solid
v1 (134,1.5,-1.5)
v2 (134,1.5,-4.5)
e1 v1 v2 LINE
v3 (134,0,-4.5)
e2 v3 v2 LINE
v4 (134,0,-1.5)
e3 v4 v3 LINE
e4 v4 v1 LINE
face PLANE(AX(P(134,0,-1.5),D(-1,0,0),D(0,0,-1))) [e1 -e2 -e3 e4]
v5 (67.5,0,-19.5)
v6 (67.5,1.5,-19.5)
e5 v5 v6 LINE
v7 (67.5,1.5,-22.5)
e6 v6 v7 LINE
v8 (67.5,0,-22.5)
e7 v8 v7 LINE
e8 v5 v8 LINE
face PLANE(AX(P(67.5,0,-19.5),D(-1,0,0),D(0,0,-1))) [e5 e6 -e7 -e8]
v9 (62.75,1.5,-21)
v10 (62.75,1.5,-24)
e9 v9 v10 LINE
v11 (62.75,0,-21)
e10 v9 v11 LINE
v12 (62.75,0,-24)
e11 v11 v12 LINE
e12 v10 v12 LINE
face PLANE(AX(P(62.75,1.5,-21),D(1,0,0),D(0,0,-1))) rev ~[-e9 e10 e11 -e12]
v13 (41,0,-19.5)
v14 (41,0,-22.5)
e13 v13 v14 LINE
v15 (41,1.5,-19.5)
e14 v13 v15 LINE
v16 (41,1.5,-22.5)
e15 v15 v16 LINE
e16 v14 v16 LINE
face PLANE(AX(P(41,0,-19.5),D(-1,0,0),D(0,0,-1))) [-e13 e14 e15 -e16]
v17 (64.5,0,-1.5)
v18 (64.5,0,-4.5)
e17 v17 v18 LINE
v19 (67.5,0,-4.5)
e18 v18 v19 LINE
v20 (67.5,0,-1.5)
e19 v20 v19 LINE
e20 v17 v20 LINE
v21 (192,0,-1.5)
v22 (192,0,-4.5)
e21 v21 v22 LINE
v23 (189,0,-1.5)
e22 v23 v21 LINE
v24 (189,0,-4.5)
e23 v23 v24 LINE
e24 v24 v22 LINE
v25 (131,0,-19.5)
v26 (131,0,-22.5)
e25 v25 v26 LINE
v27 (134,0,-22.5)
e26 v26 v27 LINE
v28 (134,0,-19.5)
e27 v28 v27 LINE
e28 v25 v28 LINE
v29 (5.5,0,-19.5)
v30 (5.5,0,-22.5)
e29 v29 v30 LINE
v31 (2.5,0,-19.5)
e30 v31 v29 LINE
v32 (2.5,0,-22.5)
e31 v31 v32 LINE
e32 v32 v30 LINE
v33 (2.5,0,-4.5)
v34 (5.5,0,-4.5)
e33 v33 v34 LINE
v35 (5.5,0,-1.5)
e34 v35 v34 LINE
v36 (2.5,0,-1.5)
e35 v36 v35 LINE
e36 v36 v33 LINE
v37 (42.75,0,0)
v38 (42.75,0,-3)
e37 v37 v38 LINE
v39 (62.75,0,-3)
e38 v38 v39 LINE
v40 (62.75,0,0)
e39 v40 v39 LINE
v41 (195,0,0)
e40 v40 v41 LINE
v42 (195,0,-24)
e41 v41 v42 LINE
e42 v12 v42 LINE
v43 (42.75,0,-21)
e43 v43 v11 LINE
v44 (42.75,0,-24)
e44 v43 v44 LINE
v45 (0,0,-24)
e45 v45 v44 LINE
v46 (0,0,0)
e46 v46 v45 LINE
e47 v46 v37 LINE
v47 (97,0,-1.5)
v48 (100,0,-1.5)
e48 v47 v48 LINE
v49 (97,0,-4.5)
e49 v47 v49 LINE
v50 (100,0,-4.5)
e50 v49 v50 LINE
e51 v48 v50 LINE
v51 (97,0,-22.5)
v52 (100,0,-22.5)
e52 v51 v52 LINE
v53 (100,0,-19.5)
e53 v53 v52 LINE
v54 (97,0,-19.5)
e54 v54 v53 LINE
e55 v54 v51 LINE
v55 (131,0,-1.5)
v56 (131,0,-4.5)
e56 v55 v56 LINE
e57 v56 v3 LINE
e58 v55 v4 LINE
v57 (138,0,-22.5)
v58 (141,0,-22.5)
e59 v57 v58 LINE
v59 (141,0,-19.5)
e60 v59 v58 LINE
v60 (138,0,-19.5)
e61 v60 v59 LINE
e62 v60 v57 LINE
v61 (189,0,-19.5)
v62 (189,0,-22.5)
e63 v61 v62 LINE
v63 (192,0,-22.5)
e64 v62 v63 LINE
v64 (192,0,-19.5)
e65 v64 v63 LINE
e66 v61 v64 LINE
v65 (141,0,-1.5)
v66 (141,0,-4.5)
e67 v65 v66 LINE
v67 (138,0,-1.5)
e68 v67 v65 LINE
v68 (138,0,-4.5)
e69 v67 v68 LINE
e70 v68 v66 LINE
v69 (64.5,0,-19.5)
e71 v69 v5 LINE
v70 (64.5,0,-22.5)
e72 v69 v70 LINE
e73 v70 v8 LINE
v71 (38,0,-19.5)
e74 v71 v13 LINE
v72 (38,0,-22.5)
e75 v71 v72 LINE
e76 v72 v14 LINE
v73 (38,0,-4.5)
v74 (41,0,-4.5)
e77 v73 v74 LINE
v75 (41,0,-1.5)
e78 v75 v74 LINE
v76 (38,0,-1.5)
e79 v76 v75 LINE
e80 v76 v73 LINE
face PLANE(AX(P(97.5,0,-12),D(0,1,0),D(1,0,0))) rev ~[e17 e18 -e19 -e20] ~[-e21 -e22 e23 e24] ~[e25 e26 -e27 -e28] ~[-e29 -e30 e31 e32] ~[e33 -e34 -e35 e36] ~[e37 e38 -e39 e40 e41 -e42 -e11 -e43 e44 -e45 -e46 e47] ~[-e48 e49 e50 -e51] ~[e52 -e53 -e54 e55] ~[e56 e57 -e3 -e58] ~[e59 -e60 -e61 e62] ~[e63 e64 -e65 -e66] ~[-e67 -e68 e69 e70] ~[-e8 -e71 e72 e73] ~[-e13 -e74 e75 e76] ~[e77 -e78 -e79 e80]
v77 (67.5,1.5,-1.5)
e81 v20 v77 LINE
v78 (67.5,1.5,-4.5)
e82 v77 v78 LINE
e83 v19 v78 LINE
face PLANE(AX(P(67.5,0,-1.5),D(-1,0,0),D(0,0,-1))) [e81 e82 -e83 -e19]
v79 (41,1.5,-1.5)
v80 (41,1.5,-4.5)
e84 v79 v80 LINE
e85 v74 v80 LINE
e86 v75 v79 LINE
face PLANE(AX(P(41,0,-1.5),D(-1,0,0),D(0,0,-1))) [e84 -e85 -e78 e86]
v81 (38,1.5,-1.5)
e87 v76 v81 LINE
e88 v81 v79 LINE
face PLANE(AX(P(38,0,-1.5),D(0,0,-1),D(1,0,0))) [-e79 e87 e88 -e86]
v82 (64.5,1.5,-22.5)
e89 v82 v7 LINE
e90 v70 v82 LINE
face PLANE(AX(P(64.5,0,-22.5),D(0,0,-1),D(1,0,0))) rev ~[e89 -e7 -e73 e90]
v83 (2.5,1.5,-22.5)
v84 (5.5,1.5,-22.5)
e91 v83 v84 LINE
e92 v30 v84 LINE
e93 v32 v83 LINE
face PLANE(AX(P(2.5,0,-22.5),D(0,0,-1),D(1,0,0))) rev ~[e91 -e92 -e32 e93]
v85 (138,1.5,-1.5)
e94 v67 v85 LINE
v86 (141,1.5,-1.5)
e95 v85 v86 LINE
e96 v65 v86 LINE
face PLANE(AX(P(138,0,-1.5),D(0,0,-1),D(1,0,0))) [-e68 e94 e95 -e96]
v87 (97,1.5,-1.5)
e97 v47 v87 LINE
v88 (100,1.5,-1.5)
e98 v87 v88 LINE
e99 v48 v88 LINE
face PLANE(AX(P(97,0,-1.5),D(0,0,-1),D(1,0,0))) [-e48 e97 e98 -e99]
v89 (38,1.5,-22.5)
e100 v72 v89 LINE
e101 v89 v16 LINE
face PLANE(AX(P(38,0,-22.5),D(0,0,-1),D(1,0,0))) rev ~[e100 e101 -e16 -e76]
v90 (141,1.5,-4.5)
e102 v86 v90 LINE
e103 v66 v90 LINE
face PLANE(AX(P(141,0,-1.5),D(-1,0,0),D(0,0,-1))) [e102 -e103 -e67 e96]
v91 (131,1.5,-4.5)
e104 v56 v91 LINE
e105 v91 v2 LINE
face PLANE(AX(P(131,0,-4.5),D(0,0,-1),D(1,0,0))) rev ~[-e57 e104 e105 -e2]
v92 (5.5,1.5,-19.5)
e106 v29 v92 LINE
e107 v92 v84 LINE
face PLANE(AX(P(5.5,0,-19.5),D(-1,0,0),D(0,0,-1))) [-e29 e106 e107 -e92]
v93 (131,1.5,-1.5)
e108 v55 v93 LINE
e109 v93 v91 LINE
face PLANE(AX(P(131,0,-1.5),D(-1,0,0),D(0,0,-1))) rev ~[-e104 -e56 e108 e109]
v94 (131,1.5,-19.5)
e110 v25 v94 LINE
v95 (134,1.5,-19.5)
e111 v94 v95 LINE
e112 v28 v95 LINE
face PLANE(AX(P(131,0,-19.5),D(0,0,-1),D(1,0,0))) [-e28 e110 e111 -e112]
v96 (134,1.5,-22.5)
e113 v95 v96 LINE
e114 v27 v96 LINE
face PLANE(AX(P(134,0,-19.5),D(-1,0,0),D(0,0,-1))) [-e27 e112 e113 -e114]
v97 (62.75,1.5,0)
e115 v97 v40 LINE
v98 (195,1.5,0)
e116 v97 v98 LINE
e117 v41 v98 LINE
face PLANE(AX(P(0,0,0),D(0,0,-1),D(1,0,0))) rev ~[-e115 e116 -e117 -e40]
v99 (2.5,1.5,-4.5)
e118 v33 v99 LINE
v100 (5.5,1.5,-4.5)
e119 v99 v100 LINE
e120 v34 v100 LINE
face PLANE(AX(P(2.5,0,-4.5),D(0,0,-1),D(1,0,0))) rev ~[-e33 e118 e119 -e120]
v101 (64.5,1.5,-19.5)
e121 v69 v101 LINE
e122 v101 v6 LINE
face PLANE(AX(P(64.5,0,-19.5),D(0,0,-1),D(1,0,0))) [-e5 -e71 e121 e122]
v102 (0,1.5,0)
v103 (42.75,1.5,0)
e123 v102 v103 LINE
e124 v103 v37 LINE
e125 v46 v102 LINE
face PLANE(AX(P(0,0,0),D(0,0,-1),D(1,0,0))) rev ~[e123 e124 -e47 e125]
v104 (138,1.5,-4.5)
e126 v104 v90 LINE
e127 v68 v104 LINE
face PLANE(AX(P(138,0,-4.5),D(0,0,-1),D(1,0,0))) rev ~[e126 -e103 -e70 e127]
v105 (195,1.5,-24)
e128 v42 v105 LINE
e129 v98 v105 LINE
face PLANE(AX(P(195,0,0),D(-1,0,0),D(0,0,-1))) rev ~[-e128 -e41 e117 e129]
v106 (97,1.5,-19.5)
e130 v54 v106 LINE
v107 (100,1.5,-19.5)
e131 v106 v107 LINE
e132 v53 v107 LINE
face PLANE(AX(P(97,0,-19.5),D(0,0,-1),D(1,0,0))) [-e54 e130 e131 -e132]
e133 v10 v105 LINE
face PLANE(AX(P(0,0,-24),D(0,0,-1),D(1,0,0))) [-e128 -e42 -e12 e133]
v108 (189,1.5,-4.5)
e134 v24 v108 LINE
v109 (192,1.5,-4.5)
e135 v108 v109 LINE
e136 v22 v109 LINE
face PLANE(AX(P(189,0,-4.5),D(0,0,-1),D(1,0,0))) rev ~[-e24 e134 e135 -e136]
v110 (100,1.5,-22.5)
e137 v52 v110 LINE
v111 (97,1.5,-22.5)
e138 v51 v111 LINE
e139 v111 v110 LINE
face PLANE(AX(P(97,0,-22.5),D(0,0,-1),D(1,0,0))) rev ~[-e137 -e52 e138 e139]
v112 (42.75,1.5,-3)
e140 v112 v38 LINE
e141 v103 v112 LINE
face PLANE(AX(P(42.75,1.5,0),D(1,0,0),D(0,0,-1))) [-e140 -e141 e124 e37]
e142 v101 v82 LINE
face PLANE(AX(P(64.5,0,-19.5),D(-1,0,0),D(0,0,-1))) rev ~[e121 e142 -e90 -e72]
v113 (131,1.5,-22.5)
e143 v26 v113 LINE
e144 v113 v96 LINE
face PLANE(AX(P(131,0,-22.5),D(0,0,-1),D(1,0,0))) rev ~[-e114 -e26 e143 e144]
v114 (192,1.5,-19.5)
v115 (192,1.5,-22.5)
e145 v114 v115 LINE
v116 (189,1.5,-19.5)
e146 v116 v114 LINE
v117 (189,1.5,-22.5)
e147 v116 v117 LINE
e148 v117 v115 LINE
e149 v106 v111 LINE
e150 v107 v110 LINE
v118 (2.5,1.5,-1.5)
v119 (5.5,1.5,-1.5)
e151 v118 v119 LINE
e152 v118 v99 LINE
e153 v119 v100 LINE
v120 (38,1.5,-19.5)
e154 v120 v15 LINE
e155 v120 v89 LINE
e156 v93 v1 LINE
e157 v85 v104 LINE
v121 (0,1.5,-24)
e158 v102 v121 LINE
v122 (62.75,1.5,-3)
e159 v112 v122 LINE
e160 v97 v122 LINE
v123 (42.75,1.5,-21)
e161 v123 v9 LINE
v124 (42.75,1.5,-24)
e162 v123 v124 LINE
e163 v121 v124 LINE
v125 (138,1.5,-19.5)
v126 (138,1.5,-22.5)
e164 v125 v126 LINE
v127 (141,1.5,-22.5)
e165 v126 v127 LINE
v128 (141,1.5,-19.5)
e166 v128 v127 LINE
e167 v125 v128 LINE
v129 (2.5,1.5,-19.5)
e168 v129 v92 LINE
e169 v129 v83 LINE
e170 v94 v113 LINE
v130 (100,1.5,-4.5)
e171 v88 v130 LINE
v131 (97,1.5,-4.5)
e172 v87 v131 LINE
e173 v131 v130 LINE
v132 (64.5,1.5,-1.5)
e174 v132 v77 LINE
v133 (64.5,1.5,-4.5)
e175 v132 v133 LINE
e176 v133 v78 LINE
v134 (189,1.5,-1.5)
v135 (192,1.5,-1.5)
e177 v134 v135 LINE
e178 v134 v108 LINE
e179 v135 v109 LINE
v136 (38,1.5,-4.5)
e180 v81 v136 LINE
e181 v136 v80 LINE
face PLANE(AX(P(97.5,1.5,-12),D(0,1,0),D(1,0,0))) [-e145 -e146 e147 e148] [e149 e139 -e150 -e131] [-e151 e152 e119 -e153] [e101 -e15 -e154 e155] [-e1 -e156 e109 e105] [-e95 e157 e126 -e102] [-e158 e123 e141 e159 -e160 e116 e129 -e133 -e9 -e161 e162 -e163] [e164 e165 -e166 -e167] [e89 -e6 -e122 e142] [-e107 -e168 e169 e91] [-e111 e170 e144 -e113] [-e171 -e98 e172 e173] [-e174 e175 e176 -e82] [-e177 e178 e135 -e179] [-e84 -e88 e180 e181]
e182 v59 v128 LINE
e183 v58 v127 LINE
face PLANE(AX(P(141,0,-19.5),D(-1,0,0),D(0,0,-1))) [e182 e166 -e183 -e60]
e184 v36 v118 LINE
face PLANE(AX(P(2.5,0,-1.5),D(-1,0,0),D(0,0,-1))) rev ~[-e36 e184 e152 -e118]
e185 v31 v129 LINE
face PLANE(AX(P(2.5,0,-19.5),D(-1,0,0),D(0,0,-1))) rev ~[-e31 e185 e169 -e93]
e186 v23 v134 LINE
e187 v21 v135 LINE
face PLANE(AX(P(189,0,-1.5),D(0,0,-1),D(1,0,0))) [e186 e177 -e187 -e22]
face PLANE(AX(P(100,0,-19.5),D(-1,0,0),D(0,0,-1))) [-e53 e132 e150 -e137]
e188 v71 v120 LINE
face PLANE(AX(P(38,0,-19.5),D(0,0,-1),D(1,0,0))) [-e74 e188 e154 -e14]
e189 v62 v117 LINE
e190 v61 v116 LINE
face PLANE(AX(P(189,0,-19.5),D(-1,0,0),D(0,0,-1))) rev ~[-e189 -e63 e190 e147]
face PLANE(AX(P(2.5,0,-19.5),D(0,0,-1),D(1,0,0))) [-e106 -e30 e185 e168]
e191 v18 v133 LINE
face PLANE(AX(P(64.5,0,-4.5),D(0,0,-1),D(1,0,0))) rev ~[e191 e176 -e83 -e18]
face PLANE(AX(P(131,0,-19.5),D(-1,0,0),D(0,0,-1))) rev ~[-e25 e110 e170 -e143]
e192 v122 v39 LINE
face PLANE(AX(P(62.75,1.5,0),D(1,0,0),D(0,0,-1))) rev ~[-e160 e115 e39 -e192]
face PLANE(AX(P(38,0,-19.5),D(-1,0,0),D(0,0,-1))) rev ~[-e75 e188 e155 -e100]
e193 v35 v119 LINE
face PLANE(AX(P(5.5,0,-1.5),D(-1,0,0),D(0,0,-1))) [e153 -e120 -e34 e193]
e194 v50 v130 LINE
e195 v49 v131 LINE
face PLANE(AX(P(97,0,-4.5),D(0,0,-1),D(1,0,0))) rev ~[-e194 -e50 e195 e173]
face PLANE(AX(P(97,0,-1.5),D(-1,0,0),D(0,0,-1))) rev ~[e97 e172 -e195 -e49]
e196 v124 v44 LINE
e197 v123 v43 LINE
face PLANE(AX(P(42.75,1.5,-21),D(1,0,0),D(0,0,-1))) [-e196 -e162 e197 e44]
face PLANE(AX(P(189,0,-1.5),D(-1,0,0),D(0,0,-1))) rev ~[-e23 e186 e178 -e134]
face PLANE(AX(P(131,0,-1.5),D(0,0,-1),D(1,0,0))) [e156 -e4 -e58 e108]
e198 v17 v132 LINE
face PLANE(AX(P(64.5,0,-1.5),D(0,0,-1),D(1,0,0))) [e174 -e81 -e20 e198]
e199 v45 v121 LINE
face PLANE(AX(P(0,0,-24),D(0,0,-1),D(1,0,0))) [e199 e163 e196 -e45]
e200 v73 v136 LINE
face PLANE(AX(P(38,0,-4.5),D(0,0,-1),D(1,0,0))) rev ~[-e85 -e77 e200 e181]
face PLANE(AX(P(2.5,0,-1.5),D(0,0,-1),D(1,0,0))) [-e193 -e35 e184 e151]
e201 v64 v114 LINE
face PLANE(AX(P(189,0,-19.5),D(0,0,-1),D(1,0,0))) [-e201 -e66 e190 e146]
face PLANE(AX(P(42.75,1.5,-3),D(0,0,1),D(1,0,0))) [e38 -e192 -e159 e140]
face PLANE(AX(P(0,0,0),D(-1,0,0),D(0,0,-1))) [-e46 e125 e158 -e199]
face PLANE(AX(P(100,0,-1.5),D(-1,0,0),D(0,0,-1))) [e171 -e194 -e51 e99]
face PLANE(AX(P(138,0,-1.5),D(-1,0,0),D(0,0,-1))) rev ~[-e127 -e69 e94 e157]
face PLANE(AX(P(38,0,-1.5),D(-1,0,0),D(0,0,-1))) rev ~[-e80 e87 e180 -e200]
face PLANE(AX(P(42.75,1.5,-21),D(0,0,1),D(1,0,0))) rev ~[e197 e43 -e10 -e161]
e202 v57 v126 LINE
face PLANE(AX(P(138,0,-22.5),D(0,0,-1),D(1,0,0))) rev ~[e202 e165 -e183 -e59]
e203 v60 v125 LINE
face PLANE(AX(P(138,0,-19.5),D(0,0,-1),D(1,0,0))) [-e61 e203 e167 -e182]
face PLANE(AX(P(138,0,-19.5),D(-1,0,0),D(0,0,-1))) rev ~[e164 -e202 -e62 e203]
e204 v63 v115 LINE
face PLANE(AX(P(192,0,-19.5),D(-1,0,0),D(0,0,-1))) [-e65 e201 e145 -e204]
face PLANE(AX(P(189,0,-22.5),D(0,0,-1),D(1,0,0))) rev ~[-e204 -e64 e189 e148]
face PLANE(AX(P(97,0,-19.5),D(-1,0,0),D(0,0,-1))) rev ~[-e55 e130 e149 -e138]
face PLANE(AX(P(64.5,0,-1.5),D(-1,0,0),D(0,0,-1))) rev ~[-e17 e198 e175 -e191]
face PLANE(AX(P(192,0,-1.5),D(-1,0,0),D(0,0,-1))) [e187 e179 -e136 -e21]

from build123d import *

# Parameters (mm, degrees)
SKETCH1_W           = 195
SKETCH1_H           = 24
SKETCH1_W_2         = 3
SKETCH1_H_2         = 3
BOSS_EXTRUDE1_DEPTH = 1.5
SKETCH2_W           = 20
SKETCH2_H           = 3
CUT_EXTRUDE1_DEPTH  = 1.5


with BuildPart() as part:
    # Sketch1 → Boss-Extrude1 (new body)
    with BuildSketch(Plane(origin=(0, 0, 0), x_dir=(1, 0, 0), z_dir=(0, 1, 0))):
        with Locations((97.5, 12)):
            Rectangle(SKETCH1_W, SKETCH1_H)
        with Locations((66, 3)):
            Rectangle(SKETCH1_W_2, SKETCH1_H_2, mode=Mode.SUBTRACT)
        with Locations((4, 21)):
            Rectangle(SKETCH1_W_2, SKETCH1_H_2, mode=Mode.SUBTRACT)
        with Locations((39.5, 3)):
            Rectangle(SKETCH1_W_2, SKETCH1_H_2, mode=Mode.SUBTRACT)
        with Locations((98.5, 3)):
            Rectangle(SKETCH1_W_2, SKETCH1_H_2, mode=Mode.SUBTRACT)
        with Locations((139.5, 3)):
            Rectangle(SKETCH1_W_2, SKETCH1_H_2, mode=Mode.SUBTRACT)
        with Locations((139.5, 21)):
            Rectangle(SKETCH1_W_2, SKETCH1_H_2, mode=Mode.SUBTRACT)
        with Locations((132.5, 3)):
            Rectangle(SKETCH1_W_2, SKETCH1_H_2, mode=Mode.SUBTRACT)
        with Locations((132.5, 21)):
            Rectangle(SKETCH1_W_2, SKETCH1_H_2, mode=Mode.SUBTRACT)
        with Locations((66, 21)):
            Rectangle(SKETCH1_W_2, SKETCH1_H_2, mode=Mode.SUBTRACT)
        with Locations((98.5, 21)):
            Rectangle(SKETCH1_W_2, SKETCH1_H_2, mode=Mode.SUBTRACT)
        with Locations((39.5, 21)):
            Rectangle(SKETCH1_W_2, SKETCH1_H_2, mode=Mode.SUBTRACT)
        with Locations((4, 3)):
            Rectangle(SKETCH1_W_2, SKETCH1_H_2, mode=Mode.SUBTRACT)
        with Locations((190.5, 21)):
            Rectangle(SKETCH1_W_2, SKETCH1_H_2, mode=Mode.SUBTRACT)
        with Locations((190.5, 3)):
            Rectangle(SKETCH1_W_2, SKETCH1_H_2, mode=Mode.SUBTRACT)
    extrude(amount=BOSS_EXTRUDE1_DEPTH)

    # Sketch2 → Cut-Extrude1 (cut)
    with BuildSketch(Plane(origin=(0, 1.5, 0), x_dir=(1, 0, 0), z_dir=(0, 1, 0))):
        with Locations((52.75, 1.5)):
            Rectangle(SKETCH2_W, SKETCH2_H)
        with Locations((52.75, 22.5)):
            Rectangle(SKETCH2_W, SKETCH2_H)
    extrude(amount=-CUT_EXTRUDE1_DEPTH, mode=Mode.SUBTRACT)


solid = part.part
